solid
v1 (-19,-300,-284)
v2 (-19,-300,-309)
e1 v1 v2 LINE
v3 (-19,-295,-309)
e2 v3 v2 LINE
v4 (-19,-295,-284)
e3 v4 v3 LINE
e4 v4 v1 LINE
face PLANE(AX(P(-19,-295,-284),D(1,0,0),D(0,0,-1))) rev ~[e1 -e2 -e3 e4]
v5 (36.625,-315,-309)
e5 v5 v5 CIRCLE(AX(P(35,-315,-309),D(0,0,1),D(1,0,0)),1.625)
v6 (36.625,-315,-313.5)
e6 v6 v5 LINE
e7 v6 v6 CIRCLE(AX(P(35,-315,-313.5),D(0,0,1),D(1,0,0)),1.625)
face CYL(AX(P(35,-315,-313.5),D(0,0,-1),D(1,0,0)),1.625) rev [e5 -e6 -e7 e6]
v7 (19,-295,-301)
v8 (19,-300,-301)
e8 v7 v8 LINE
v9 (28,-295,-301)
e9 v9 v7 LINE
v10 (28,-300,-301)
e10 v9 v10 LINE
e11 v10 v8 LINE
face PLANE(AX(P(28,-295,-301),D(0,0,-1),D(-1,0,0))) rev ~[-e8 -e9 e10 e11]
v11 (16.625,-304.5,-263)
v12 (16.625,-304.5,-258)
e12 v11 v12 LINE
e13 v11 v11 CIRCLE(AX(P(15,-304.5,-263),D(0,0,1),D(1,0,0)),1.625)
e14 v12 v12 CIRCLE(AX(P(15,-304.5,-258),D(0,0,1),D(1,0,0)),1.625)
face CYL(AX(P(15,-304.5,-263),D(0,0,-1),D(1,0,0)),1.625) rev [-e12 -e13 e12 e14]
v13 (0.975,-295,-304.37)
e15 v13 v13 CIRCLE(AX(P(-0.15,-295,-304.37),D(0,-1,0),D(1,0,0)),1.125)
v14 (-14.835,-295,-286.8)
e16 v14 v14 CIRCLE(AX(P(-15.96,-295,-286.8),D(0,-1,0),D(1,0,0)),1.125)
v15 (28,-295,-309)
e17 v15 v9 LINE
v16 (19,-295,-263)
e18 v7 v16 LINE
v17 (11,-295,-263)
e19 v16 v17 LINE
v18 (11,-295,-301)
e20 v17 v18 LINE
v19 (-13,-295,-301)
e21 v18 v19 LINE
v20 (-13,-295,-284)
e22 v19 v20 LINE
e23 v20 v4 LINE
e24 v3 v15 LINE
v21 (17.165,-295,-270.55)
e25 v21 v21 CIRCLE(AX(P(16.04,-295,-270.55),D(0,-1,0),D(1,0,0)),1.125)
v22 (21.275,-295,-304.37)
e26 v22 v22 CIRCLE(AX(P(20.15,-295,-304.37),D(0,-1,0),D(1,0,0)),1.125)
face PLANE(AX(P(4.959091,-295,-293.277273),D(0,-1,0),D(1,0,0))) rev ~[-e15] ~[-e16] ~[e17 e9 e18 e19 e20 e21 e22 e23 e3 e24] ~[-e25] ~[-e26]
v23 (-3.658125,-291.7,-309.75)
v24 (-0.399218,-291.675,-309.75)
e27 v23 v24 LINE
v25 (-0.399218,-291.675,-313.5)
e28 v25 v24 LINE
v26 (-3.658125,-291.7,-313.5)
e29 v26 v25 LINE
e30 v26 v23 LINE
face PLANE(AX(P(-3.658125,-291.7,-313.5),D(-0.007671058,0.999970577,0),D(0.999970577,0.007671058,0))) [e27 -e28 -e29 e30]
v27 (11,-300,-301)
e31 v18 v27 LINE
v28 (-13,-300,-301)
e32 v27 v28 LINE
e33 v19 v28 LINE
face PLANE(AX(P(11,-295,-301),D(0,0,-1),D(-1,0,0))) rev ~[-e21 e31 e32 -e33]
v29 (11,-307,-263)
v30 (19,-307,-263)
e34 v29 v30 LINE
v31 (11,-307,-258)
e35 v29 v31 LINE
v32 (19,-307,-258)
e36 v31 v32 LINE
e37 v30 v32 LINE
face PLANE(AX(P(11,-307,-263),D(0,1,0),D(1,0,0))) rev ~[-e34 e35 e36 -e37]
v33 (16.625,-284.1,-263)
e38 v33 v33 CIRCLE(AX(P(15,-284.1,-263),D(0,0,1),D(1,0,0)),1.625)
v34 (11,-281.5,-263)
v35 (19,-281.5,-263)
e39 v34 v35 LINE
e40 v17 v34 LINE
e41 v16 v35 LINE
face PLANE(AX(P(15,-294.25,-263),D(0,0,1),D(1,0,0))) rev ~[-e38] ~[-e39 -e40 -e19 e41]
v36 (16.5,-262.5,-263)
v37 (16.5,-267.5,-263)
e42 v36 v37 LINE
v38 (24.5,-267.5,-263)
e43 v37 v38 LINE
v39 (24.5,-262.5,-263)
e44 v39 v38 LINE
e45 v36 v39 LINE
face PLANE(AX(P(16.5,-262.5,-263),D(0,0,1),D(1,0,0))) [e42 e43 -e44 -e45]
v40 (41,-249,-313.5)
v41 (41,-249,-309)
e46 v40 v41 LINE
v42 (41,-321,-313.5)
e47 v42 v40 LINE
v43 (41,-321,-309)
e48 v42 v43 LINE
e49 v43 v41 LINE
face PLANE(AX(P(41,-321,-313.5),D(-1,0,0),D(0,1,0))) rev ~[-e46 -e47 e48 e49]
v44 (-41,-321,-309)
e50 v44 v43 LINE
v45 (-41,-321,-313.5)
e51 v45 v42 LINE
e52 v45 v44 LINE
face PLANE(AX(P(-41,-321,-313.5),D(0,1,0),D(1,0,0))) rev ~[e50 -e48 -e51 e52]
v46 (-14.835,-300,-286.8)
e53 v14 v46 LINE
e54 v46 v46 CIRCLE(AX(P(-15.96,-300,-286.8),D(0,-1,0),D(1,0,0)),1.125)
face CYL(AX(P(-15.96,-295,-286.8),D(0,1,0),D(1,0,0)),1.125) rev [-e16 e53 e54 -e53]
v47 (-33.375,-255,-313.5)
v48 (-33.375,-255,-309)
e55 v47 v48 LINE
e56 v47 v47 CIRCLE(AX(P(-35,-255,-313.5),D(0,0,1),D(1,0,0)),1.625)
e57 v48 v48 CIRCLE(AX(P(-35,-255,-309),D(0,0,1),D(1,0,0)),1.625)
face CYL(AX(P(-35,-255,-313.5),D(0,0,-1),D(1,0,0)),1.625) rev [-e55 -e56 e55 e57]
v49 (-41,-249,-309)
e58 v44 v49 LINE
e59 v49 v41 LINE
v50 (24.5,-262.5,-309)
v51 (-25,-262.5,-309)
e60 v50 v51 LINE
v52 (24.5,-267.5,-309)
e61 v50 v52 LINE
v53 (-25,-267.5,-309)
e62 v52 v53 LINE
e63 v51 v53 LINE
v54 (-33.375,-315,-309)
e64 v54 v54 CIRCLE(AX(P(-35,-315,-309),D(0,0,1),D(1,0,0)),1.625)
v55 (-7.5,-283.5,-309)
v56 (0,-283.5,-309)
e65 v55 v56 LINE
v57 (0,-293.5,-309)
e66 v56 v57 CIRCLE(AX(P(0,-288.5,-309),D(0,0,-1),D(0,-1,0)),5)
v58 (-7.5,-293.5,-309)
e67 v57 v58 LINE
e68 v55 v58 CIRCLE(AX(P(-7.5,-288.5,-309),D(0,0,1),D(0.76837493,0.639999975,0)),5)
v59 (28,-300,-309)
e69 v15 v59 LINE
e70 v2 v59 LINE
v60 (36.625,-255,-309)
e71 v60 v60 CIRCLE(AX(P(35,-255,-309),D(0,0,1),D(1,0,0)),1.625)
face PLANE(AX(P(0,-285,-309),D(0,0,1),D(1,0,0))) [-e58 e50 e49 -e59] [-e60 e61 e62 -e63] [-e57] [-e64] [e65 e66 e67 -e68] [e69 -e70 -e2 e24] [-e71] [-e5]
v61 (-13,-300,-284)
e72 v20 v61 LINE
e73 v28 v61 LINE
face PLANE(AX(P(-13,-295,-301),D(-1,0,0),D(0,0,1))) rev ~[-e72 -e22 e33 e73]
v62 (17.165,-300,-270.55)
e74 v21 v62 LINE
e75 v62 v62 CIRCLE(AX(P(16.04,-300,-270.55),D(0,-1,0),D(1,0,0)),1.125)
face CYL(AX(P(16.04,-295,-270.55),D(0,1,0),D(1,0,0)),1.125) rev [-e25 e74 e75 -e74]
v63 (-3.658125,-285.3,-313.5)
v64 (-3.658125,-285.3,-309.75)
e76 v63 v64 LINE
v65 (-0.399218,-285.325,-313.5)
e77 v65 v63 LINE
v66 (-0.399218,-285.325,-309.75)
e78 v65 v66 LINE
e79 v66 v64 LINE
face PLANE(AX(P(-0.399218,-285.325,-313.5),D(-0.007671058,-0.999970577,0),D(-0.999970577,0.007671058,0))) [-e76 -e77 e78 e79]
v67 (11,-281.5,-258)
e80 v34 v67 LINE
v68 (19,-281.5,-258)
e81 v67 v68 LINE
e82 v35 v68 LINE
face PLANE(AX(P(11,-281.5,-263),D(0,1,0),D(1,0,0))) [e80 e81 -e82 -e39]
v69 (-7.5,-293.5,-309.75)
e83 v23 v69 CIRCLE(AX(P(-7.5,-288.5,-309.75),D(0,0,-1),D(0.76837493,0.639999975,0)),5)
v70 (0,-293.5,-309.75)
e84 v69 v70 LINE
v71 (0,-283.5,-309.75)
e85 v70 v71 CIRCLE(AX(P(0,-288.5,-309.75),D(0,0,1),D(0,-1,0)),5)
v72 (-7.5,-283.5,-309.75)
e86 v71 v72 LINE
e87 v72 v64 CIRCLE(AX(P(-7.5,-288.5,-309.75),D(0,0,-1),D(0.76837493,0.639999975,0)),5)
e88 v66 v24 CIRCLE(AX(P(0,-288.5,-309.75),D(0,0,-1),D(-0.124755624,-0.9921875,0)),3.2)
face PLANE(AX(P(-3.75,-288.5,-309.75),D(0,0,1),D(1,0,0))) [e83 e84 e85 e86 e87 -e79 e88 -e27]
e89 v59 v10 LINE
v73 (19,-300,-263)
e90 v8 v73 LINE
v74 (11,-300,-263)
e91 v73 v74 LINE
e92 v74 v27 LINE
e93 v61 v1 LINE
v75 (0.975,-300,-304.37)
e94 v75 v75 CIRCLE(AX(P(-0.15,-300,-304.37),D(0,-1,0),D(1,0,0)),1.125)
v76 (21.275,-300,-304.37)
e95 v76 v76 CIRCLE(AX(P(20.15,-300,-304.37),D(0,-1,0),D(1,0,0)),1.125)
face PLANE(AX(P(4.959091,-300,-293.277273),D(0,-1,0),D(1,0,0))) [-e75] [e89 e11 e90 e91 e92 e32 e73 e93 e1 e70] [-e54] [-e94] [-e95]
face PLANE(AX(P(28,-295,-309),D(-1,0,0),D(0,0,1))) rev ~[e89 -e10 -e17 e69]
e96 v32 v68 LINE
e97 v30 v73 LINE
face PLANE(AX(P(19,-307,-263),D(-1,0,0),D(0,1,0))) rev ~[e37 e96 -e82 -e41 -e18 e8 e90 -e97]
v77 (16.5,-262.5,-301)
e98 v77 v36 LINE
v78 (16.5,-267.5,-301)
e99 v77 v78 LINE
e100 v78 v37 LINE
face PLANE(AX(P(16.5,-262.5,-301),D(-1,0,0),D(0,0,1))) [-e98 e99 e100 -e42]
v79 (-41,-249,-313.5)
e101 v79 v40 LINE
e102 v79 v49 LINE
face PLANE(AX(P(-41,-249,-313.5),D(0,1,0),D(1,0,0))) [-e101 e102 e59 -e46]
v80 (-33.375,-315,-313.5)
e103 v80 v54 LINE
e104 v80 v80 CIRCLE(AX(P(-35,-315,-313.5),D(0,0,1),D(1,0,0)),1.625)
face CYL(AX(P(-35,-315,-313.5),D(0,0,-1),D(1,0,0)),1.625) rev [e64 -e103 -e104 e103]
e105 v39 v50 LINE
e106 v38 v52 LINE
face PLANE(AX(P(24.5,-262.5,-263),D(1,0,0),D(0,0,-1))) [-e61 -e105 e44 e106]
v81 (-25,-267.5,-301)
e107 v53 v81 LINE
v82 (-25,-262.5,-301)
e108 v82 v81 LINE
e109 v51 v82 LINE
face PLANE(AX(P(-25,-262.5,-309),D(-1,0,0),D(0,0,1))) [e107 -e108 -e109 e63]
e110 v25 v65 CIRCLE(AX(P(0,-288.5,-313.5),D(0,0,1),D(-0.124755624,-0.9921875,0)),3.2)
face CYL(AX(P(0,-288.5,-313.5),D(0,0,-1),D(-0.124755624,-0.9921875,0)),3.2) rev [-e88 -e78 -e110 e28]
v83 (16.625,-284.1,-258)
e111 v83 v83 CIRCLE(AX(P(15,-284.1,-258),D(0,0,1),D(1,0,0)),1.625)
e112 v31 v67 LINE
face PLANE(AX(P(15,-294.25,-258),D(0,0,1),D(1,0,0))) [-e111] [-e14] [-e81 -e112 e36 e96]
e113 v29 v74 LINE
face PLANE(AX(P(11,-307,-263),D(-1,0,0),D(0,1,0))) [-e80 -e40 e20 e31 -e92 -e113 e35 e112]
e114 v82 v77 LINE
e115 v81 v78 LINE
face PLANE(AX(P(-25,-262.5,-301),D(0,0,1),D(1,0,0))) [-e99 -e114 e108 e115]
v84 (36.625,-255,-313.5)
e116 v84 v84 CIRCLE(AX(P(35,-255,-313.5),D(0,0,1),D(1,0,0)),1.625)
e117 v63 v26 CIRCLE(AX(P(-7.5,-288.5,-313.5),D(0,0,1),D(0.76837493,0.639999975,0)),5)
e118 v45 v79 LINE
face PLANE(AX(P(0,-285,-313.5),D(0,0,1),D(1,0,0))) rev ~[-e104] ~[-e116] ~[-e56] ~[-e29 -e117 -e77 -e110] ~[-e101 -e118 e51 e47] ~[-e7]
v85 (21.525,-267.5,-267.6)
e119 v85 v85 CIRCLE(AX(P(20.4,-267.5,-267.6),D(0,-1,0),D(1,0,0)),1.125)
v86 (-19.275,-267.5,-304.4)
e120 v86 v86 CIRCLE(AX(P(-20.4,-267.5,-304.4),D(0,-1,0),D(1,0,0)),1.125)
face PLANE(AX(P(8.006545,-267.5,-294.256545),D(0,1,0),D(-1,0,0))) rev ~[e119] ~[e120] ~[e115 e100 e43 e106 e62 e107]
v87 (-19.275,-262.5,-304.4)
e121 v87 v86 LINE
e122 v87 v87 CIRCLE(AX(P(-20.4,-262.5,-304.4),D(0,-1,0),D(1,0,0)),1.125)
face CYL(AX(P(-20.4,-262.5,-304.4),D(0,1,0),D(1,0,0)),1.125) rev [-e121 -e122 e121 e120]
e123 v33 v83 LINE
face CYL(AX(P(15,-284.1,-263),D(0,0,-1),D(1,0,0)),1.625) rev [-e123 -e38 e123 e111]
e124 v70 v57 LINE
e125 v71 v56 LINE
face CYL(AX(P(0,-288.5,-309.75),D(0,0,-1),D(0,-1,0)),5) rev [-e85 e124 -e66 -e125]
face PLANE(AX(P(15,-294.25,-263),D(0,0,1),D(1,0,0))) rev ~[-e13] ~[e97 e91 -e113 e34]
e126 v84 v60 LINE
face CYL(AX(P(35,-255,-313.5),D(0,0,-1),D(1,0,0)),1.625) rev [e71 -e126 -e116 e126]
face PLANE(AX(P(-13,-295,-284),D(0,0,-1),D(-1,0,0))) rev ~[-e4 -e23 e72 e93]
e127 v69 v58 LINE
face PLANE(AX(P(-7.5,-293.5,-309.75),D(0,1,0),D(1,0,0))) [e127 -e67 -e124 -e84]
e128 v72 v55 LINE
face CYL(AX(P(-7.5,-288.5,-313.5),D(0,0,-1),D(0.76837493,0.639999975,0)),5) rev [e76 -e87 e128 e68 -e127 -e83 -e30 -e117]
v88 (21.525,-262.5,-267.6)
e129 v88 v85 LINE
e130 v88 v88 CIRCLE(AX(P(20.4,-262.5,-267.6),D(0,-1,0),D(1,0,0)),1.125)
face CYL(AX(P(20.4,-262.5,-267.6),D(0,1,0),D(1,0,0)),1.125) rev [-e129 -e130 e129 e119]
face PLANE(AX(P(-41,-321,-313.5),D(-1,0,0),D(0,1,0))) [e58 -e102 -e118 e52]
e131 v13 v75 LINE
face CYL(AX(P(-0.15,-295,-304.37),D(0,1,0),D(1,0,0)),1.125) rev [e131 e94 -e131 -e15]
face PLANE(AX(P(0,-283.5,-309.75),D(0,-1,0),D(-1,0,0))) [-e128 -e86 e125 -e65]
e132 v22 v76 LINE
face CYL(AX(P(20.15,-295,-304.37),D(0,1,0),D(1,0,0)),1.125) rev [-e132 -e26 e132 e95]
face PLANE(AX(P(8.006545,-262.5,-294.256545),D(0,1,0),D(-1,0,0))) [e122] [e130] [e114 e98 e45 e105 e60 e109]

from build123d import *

# Parameters (mm, degrees)
EXTRUDE031_DEPTH = 5
SKETCH021_R      = 1.125
EXTRUDE005_DEPTH = 5
SKETCH020_W      = 8
SKETCH020_H      = 25.5
SKETCH020_R      = 1.625
EXTRUDE004_DEPTH = 5
SKETCH019_R      = 1.125
EXTRUDE003_DEPTH = 5
SKETCH093_W      = 82
SKETCH093_H      = 72
SKETCH093_R      = 1.625
EXTRUDE030_DEPTH = 4.5


with BuildPart() as basemiccut:
    # Sketch094 → Extrude031 (new body)
    with BuildSketch(Plane.XY):
        with BuildLine():
            ThreePointArc((-7.5, -283.5), (-12.5, -288.5), (-7.5, -293.5))
            Line((-7.5, -293.5), (0, -293.5))
            ThreePointArc((0, -293.5), (5, -288.5), (0, -283.5))
            Line((0, -283.5), (-7.5, -283.5))
        make_face()
    extrude(amount=EXTRUDE031_DEPTH)


with BuildPart() as basemiccut_1:
    # Extrude031 placement: moved
    add(basemiccut.part.moved(Location((0, 0, -309.75))))


with BuildPart() as ipshold:
    # Sketch021 (on Extrude) → Extrude005 (new body)
    with BuildSketch(Plane.XZ):
        Polygon((-25, -309), (-25, -301), (16.5, -301), (16.5, -263), (24.5, -263), (24.5, -309), align=None)
        with Locations((-20.4, -304.4)):
            Circle(SKETCH021_R, mode=Mode.SUBTRACT)
        with Locations((20.4, -267.6)):
            Circle(SKETCH021_R, mode=Mode.SUBTRACT)
    extrude(amount=EXTRUDE005_DEPTH)


with BuildPart() as ipshold_1:
    # Extrude005 placement: moved
    add(ipshold.part.moved(Location((0, -262.5, 0))))


with BuildPart() as gpshold:
    # Sketch020 → Extrude004 (new body)
    with BuildSketch(Plane.XY.offset(-263)):
        with Locations((15, -294.25)):
            Rectangle(SKETCH020_W, SKETCH020_H)
        with Locations((15, -284.1)):
            Circle(SKETCH020_R, mode=Mode.SUBTRACT)
        with Locations((15, -304.5)):
            Circle(SKETCH020_R, mode=Mode.SUBTRACT)
    extrude(amount=EXTRUDE004_DEPTH)


with BuildPart() as i2chold:
    # Sketch019 → Extrude003 (new body)
    with BuildSketch(Plane.XZ.offset(295)):
        Polygon((28, -309), (28, -301), (19, -301), (19, -263), (11, -263), (11, -301), (-13, -301), (-13, -284), (-19, -284), (-19, -309), align=None)
        with Locations((-15.96, -286.8)):
            Circle(SKETCH019_R, mode=Mode.SUBTRACT)
        with Locations((-0.15, -304.37)):
            Circle(SKETCH019_R, mode=Mode.SUBTRACT)
        with Locations((20.15, -304.37)):
            Circle(SKETCH019_R, mode=Mode.SUBTRACT)
        with Locations((16.04, -270.55)):
            Circle(SKETCH019_R, mode=Mode.SUBTRACT)
    extrude(amount=EXTRUDE003_DEPTH)


with BuildPart() as base012:
    # Sketch093 → Extrude030 (new body)
    with BuildSketch(Plane.XY):
        with Locations((0, -285)):
            Rectangle(SKETCH093_W, SKETCH093_H)
        with Locations((-35, -315)):
            Circle(SKETCH093_R, mode=Mode.SUBTRACT)
        with Locations((35, -315)):
            Circle(SKETCH093_R, mode=Mode.SUBTRACT)
        with Locations((35, -255)):
            Circle(SKETCH093_R, mode=Mode.SUBTRACT)
        with Locations((-35, -255)):
            Circle(SKETCH093_R, mode=Mode.SUBTRACT)
        with BuildLine():
            ThreePointArc((-3.658125, -285.3), (-12.5, -288.5), (-3.658125, -291.7))
            Line((-3.658125, -291.7), (-0.399218, -291.675))
            ThreePointArc((-0.399218, -291.675), (3.2, -288.5), (-0.399218, -285.325))
            Line((-0.399218, -285.325), (-3.658125, -285.3))
        make_face(mode=Mode.SUBTRACT)
    extrude(amount=EXTRUDE030_DEPTH)


with BuildPart() as base012_1:
    # Extrude030 placement: moved
    add(base012.part.moved(Location((0, 0, -313.5))))

    # Fusion078: union ipsHold, gpsHold, i2cHold
    add(ipshold_1.part)
    add(gpshold.part)
    add(i2chold.part)

    # Cut035: cut baseMicCut
    add(basemiccut_1.part, mode=Mode.SUBTRACT)


solid = base012_1.part
